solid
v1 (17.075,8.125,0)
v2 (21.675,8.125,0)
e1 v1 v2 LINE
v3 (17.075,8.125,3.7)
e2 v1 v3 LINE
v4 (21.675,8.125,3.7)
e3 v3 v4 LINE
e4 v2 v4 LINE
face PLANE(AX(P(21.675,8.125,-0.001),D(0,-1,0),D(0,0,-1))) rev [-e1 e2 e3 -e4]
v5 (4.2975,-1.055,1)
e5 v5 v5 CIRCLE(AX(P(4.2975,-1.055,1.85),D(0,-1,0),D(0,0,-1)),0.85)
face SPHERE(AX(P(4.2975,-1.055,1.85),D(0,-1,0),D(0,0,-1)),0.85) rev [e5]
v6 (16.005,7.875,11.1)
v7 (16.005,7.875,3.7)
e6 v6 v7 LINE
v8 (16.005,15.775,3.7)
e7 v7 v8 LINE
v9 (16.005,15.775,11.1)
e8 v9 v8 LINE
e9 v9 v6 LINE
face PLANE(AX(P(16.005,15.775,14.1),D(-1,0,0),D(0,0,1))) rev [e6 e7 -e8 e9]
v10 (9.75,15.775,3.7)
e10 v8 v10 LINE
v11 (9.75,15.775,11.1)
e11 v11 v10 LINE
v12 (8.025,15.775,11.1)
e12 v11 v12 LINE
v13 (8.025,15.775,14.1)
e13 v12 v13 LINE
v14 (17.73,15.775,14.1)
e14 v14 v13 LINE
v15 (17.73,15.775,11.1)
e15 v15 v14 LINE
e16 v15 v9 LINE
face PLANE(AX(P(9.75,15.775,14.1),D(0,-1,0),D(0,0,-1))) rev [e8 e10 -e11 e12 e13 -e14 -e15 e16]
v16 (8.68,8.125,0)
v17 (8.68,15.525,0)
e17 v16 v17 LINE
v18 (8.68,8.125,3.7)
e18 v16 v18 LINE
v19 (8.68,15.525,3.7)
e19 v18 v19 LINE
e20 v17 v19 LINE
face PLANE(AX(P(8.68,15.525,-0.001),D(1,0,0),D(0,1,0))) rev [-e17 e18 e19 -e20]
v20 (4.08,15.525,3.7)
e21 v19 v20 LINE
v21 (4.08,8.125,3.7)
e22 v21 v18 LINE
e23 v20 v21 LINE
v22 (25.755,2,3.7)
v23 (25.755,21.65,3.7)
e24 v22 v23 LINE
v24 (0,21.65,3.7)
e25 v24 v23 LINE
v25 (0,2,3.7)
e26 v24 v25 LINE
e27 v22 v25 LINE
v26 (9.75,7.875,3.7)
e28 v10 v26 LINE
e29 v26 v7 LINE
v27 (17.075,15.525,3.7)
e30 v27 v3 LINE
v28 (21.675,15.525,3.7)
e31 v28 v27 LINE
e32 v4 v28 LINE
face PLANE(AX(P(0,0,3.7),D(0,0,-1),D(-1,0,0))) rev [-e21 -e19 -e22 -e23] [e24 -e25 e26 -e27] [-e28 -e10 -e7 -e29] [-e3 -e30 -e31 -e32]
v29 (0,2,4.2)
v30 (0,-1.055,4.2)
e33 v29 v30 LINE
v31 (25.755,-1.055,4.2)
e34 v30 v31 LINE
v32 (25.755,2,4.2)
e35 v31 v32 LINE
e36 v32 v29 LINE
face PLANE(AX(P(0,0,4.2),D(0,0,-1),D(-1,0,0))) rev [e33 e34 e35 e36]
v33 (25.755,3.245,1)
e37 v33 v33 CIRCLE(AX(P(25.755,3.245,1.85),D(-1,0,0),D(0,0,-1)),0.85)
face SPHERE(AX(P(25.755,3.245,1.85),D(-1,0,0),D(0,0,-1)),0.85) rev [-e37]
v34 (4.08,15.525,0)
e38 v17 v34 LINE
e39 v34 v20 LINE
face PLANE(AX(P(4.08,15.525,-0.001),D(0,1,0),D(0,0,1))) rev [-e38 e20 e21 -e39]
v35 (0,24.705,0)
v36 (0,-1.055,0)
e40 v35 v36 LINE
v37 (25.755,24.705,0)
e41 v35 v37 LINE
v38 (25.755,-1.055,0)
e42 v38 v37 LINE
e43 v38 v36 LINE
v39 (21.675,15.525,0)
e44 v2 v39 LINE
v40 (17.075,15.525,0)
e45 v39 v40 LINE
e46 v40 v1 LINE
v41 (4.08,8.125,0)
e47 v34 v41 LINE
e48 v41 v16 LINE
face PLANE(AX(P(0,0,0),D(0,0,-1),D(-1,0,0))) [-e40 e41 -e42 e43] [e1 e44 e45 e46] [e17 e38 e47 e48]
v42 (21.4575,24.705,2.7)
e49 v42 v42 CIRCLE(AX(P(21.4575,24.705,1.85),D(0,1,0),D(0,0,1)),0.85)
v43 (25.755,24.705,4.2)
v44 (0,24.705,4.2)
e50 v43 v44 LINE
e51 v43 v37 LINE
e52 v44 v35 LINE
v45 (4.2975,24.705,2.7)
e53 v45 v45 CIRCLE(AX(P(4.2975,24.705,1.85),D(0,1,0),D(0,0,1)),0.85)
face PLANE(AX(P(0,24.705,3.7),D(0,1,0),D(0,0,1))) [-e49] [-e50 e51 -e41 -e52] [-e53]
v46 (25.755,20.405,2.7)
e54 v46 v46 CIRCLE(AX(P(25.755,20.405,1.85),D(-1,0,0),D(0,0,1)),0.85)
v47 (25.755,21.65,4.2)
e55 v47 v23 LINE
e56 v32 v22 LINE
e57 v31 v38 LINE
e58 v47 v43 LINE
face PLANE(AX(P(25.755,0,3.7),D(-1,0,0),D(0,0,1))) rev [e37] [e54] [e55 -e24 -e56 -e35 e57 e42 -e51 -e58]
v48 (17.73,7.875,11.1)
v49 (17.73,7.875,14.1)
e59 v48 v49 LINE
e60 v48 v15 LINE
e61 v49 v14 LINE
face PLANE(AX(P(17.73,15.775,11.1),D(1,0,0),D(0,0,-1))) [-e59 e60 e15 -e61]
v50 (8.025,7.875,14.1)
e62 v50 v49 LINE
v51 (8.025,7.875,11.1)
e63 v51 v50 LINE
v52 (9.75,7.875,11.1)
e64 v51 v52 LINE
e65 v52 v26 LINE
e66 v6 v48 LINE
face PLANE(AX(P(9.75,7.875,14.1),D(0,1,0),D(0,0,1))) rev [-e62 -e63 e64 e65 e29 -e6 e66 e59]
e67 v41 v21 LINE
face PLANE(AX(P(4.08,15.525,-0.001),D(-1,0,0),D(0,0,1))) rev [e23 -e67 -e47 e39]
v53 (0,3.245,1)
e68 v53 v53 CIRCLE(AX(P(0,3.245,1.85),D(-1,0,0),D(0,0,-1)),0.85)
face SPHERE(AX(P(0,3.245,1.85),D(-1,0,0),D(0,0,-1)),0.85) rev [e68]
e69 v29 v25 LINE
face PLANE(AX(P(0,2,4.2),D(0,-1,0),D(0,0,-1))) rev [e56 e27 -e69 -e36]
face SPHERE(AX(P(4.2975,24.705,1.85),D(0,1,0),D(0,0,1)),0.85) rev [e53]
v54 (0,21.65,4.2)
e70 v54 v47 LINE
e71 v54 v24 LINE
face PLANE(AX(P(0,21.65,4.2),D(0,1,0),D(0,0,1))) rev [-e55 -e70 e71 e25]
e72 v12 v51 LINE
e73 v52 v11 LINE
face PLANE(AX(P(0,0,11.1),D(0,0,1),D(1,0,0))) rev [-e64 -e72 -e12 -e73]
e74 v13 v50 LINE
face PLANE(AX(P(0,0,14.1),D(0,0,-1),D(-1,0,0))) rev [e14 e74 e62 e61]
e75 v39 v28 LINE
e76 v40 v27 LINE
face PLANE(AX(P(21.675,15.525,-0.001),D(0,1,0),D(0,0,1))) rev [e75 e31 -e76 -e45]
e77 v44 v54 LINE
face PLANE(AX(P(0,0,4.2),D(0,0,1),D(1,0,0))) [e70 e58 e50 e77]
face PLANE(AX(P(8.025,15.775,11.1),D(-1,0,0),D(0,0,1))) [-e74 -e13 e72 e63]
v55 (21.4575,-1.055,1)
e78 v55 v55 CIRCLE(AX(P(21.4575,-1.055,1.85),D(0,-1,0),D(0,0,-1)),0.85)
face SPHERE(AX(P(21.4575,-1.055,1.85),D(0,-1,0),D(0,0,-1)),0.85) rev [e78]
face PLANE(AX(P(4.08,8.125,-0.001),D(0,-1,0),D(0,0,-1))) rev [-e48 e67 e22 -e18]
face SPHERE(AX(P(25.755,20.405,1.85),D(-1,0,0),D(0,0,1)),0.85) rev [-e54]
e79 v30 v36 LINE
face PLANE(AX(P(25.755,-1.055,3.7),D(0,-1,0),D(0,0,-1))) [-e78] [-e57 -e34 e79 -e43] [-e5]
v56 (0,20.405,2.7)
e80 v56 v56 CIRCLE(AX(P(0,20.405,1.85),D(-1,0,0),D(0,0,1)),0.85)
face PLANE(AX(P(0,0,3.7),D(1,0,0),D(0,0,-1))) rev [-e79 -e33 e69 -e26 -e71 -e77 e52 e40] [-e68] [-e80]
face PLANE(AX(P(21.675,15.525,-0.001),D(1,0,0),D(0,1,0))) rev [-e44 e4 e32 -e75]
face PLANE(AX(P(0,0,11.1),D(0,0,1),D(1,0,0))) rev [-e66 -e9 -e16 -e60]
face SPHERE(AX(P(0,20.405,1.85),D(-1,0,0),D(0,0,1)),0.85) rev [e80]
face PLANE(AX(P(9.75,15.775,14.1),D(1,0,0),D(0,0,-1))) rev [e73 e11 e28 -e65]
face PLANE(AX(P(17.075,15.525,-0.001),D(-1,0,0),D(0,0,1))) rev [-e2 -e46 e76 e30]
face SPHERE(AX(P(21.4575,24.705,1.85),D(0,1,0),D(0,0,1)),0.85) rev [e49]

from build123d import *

# Parameters (mm, degrees)
EXTRUDE_1_DEPTH     = 3.7
CUT_EXTRUDE_1_REACH = 37.162
SKETCH_2_W          = 4.6
SKETCH_2_H          = 7.4
SKETCH_3_W          = 25.755
SKETCH_3_H          = 2
EXTRUDE_2_DEPTH     = 1
SKETCH_4_W          = 6.255
SKETCH_4_H          = 7.9
SKETCH_4_W_2        = 2.95
EXTRUDE_3_DEPTH     = 10.4
SKETCH_5_W          = 1.725
SKETCH_5_H          = 7.9
EXTRUDE_4_DEPTH     = 3
CUT_EXTRUDE_START   = -7.9
SKETCH_9_W          = 2.95
SKETCH_9_H          = 9.4
CUT_EXTRUDE_4_DEPTH = 7.9
FILLET_2_R          = 0.4
CUT_EXTRUDE_5_DEPTH = 7.9
CUT_EXTRUDE_START_2 = -25.755
SKETCH_12_W         = 1
SKETCH_12_H         = 2
CUT_EXTRUDE_6_DEPTH = 25.755
EXTRUDE_START       = -3.7
SKETCH_13_W         = 25.755
SKETCH_13_H         = 1.055
EXTRUDE_6_DEPTH     = 3.7
CUT_REVOLVE_1_ANGLE = 180
SKETCH_16_W         = 25.755
SKETCH_16_H         = 3.055
EXTRUDE_7_DEPTH     = 0.5


with BuildPart() as part:
    # ｽｹｯﾁ1 → ﾎﾞｽ - 押し出し1 (new body)
    with BuildSketch(Plane.XY):
        Polygon((0, 0), (12.75, 0), (25.755, 0), (25.755, 23.65), (12.75, 23.65), (0, 23.65), align=None)
    extrude(amount=EXTRUDE_1_DEPTH)

    # ｽｹｯﾁ2 → ｶｯﾄ - 押し出し1 (cut, up to next)
    with BuildSketch(Plane.XY.offset(3.7), mode=Mode.PRIVATE) as cut_extrude_1_sk1:
        with Locations((6.38, 11.825)):
            Rectangle(SKETCH_2_W, SKETCH_2_H)
    cut_extrude_1_tool1 = extrude(cut_extrude_1_sk1.sketch, amount=-CUT_EXTRUDE_1_REACH, mode=Mode.PRIVATE) & part.part
    # ｽｹｯﾁ2 → ｶｯﾄ - 押し出し1 (cut, up to next)
    with BuildSketch(Plane.XY.offset(3.7), mode=Mode.PRIVATE) as cut_extrude_1_sk2:
        with Locations((19.375, 11.825)):
            Rectangle(SKETCH_2_W, SKETCH_2_H)
    cut_extrude_1_tool2 = extrude(cut_extrude_1_sk2.sketch, amount=-CUT_EXTRUDE_1_REACH, mode=Mode.PRIVATE) & part.part
    add(cut_extrude_1_tool1.solids().sort_by_distance((6.38, 11.825, 3.7))[0], mode=Mode.SUBTRACT)
    add(cut_extrude_1_tool2.solids().sort_by_distance((19.375, 11.825, 3.7))[0], mode=Mode.SUBTRACT)

    # ｽｹｯﾁ3 → ﾎﾞｽ - 押し出し2 (add)
    with BuildSketch(Plane.XY.offset(3.7)):
        with Locations((12.8775, 22.65)):
            Rectangle(SKETCH_3_W, SKETCH_3_H)
        with Locations((12.8775, 1)):
            Rectangle(SKETCH_3_W, SKETCH_3_H)
    extrude(amount=EXTRUDE_2_DEPTH)

    # ｽｹｯﾁ4 → ﾎﾞｽ - 押し出し3 (add)
    with BuildSketch(Plane.XY.offset(3.7)):
        with Locations((12.8775, 11.825)):
            Rectangle(SKETCH_4_W, SKETCH_4_H)
        with Locations((1.475, 11.825)):
            Rectangle(SKETCH_4_W_2, SKETCH_4_H)
        with Locations((24.28, 11.825)):
            Rectangle(SKETCH_4_W_2, SKETCH_4_H)
    extrude(amount=EXTRUDE_3_DEPTH)

    # ｽｹｯﾁ5 → ﾎﾞｽ - 押し出し4 (add)
    with BuildSketch(Plane.XY.offset(14.1)):
        with Locations((16.8675, 11.825)):
            Rectangle(SKETCH_5_W, SKETCH_5_H)
        with Locations((8.8875, 11.825)):
            Rectangle(SKETCH_5_W, SKETCH_5_H)
    extrude(amount=-EXTRUDE_4_DEPTH)

    # ｽｹｯﾁ9 → ｶｯﾄ - 押し出し4 (cut)
    with BuildSketch(Plane.XZ.offset(-7.875).offset(CUT_EXTRUDE_START)):
        with Locations((1.475, 9.4)):
            Rectangle(SKETCH_9_W, SKETCH_9_H)
        with Locations((24.28, 9.4)):
            Rectangle(SKETCH_9_W, SKETCH_9_H)
    extrude(amount=CUT_EXTRUDE_4_DEPTH, mode=Mode.SUBTRACT)

    # ﾌｨﾚｯﾄ2
    fillet_2_edges = [part.edges().sort_by_distance(p)[0] for p in [
        (2.95, 11.825, 4.7),
        (22.805, 11.825, 4.7),
    ]]
    fillet(fillet_2_edges, radius=FILLET_2_R)

    # ｽｹｯﾁ11 → ｶｯﾄ - 押し出し5 (cut)
    with BuildSketch(Plane.XZ.offset(-7.875).offset(CUT_EXTRUDE_START)):
        with BuildLine():
            Line((2.95, 3.7), (2.95, 4.3))
            ThreePointArc((2.95, 4.3), (2.832842712, 4.582842712), (2.55, 4.7))
            Line((2.55, 4.7), (0, 4.7))
            Line((0, 4.7), (0, 3.7))
            Line((0, 3.7), (2.95, 3.7))
        make_face()
        with BuildLine():
            Line((25.755, 4.7), (23.205, 4.7))
            ThreePointArc((23.205, 4.7), (22.922157288, 4.582842712), (22.805, 4.3))
            Line((22.805, 4.3), (22.805, 3.7))
            Line((22.805, 3.7), (25.755, 3.7))
            Line((25.755, 3.7), (25.755, 4.7))
        make_face()
    extrude(amount=CUT_EXTRUDE_5_DEPTH, mode=Mode.SUBTRACT)

    # ｽｹｯﾁ12 → ｶｯﾄ - 押し出し6 (cut)
    with BuildSketch(Plane.ZY.offset(CUT_EXTRUDE_START_2)):
        with Locations((4.2, 22.65)):
            Rectangle(SKETCH_12_W, SKETCH_12_H)
        with Locations((4.2, 1)):
            Rectangle(SKETCH_12_W, SKETCH_12_H)
    extrude(amount=CUT_EXTRUDE_6_DEPTH, mode=Mode.SUBTRACT)

    # ｽｹｯﾁ13 → ﾎﾞｽ - 押し出し6 (add)
    with BuildSketch(Plane(origin=(0, 0, 0), x_dir=(-1, 0, 0), z_dir=(0, 0, -1)).offset(EXTRUDE_START)):
        with Locations((-12.8775, 24.1775)):
            Rectangle(SKETCH_13_W, SKETCH_13_H)
        with Locations((-12.8775, -0.5275)):
            Rectangle(SKETCH_13_W, SKETCH_13_H)
    extrude(amount=EXTRUDE_6_DEPTH)

    # ｽｹｯﾁ14 → ｶｯﾄ - 回転1 (revolve, cut)
    with BuildSketch(Plane(origin=(25.755, 0, 0), x_dir=(0, 0, -1), z_dir=(1, 0, 0))):
        with BuildLine():
            Line((-1.85, 21.255), (-1.85, 19.555))
            ThreePointArc((-1.85, 19.555), (-2.7, 20.405), (-1.85, 21.255))
        make_face()
        with BuildLine():
            Line((-1.85, 2.395), (-1.85, 4.095))
            ThreePointArc((-1.85, 4.095), (-2.7, 3.245), (-1.85, 2.395))
        make_face()
    cut_revolve_1 = revolve(axis=Axis((25.755, 21.255, 1.85), (0, -1, 0)), revolution_arc=CUT_REVOLVE_1_ANGLE, mode=Mode.SUBTRACT)

    # ﾐﾗｰ1: ｶｯﾄ - 回転1 across plane
    add(cut_revolve_1.mirror(Plane(origin=(12.8775, 0, 0), x_dir=(0, 0, 1), z_dir=(1, 0, 0))), mode=Mode.SUBTRACT)

    # ｽｹｯﾁ15 → ｶｯﾄ - 回転2 (revolve, cut)
    with BuildSketch(Plane(origin=(0, 24.705, 0), x_dir=(1, 0, 0), z_dir=(0, 1, 0))):
        with BuildLine():
            Line((3.4475, -1.85), (5.1475, -1.85))
            ThreePointArc((5.1475, -1.85), (4.2975, -2.7), (3.4475, -1.85))
        make_face()
        with BuildLine():
            Line((22.3075, -1.85), (20.6075, -1.85))
            ThreePointArc((20.6075, -1.85), (21.4575, -2.7), (22.3075, -1.85))
        make_face()
    cut_revolve_2 = revolve(axis=Axis((3.4475, 24.705, 1.85), (1, 0, 0)), mode=Mode.SUBTRACT)

    # ﾐﾗｰ2: ｶｯﾄ - 回転2 across plane
    add(cut_revolve_2.mirror(Plane(origin=(0, 11.825, 0), x_dir=(0, 0, 1), z_dir=(0, -1, 0))), mode=Mode.SUBTRACT)

    # ｽｹｯﾁ16 → ﾎﾞｽ - 押し出し7 (add)
    with BuildSketch(Plane.XY.offset(3.7)):
        with Locations((12.8775, 23.1775)):
            Rectangle(SKETCH_16_W, SKETCH_16_H)
        with Locations((12.8775, 0.4725)):
            Rectangle(SKETCH_16_W, SKETCH_16_H)
    extrude(amount=EXTRUDE_7_DEPTH)


solid = part.part
